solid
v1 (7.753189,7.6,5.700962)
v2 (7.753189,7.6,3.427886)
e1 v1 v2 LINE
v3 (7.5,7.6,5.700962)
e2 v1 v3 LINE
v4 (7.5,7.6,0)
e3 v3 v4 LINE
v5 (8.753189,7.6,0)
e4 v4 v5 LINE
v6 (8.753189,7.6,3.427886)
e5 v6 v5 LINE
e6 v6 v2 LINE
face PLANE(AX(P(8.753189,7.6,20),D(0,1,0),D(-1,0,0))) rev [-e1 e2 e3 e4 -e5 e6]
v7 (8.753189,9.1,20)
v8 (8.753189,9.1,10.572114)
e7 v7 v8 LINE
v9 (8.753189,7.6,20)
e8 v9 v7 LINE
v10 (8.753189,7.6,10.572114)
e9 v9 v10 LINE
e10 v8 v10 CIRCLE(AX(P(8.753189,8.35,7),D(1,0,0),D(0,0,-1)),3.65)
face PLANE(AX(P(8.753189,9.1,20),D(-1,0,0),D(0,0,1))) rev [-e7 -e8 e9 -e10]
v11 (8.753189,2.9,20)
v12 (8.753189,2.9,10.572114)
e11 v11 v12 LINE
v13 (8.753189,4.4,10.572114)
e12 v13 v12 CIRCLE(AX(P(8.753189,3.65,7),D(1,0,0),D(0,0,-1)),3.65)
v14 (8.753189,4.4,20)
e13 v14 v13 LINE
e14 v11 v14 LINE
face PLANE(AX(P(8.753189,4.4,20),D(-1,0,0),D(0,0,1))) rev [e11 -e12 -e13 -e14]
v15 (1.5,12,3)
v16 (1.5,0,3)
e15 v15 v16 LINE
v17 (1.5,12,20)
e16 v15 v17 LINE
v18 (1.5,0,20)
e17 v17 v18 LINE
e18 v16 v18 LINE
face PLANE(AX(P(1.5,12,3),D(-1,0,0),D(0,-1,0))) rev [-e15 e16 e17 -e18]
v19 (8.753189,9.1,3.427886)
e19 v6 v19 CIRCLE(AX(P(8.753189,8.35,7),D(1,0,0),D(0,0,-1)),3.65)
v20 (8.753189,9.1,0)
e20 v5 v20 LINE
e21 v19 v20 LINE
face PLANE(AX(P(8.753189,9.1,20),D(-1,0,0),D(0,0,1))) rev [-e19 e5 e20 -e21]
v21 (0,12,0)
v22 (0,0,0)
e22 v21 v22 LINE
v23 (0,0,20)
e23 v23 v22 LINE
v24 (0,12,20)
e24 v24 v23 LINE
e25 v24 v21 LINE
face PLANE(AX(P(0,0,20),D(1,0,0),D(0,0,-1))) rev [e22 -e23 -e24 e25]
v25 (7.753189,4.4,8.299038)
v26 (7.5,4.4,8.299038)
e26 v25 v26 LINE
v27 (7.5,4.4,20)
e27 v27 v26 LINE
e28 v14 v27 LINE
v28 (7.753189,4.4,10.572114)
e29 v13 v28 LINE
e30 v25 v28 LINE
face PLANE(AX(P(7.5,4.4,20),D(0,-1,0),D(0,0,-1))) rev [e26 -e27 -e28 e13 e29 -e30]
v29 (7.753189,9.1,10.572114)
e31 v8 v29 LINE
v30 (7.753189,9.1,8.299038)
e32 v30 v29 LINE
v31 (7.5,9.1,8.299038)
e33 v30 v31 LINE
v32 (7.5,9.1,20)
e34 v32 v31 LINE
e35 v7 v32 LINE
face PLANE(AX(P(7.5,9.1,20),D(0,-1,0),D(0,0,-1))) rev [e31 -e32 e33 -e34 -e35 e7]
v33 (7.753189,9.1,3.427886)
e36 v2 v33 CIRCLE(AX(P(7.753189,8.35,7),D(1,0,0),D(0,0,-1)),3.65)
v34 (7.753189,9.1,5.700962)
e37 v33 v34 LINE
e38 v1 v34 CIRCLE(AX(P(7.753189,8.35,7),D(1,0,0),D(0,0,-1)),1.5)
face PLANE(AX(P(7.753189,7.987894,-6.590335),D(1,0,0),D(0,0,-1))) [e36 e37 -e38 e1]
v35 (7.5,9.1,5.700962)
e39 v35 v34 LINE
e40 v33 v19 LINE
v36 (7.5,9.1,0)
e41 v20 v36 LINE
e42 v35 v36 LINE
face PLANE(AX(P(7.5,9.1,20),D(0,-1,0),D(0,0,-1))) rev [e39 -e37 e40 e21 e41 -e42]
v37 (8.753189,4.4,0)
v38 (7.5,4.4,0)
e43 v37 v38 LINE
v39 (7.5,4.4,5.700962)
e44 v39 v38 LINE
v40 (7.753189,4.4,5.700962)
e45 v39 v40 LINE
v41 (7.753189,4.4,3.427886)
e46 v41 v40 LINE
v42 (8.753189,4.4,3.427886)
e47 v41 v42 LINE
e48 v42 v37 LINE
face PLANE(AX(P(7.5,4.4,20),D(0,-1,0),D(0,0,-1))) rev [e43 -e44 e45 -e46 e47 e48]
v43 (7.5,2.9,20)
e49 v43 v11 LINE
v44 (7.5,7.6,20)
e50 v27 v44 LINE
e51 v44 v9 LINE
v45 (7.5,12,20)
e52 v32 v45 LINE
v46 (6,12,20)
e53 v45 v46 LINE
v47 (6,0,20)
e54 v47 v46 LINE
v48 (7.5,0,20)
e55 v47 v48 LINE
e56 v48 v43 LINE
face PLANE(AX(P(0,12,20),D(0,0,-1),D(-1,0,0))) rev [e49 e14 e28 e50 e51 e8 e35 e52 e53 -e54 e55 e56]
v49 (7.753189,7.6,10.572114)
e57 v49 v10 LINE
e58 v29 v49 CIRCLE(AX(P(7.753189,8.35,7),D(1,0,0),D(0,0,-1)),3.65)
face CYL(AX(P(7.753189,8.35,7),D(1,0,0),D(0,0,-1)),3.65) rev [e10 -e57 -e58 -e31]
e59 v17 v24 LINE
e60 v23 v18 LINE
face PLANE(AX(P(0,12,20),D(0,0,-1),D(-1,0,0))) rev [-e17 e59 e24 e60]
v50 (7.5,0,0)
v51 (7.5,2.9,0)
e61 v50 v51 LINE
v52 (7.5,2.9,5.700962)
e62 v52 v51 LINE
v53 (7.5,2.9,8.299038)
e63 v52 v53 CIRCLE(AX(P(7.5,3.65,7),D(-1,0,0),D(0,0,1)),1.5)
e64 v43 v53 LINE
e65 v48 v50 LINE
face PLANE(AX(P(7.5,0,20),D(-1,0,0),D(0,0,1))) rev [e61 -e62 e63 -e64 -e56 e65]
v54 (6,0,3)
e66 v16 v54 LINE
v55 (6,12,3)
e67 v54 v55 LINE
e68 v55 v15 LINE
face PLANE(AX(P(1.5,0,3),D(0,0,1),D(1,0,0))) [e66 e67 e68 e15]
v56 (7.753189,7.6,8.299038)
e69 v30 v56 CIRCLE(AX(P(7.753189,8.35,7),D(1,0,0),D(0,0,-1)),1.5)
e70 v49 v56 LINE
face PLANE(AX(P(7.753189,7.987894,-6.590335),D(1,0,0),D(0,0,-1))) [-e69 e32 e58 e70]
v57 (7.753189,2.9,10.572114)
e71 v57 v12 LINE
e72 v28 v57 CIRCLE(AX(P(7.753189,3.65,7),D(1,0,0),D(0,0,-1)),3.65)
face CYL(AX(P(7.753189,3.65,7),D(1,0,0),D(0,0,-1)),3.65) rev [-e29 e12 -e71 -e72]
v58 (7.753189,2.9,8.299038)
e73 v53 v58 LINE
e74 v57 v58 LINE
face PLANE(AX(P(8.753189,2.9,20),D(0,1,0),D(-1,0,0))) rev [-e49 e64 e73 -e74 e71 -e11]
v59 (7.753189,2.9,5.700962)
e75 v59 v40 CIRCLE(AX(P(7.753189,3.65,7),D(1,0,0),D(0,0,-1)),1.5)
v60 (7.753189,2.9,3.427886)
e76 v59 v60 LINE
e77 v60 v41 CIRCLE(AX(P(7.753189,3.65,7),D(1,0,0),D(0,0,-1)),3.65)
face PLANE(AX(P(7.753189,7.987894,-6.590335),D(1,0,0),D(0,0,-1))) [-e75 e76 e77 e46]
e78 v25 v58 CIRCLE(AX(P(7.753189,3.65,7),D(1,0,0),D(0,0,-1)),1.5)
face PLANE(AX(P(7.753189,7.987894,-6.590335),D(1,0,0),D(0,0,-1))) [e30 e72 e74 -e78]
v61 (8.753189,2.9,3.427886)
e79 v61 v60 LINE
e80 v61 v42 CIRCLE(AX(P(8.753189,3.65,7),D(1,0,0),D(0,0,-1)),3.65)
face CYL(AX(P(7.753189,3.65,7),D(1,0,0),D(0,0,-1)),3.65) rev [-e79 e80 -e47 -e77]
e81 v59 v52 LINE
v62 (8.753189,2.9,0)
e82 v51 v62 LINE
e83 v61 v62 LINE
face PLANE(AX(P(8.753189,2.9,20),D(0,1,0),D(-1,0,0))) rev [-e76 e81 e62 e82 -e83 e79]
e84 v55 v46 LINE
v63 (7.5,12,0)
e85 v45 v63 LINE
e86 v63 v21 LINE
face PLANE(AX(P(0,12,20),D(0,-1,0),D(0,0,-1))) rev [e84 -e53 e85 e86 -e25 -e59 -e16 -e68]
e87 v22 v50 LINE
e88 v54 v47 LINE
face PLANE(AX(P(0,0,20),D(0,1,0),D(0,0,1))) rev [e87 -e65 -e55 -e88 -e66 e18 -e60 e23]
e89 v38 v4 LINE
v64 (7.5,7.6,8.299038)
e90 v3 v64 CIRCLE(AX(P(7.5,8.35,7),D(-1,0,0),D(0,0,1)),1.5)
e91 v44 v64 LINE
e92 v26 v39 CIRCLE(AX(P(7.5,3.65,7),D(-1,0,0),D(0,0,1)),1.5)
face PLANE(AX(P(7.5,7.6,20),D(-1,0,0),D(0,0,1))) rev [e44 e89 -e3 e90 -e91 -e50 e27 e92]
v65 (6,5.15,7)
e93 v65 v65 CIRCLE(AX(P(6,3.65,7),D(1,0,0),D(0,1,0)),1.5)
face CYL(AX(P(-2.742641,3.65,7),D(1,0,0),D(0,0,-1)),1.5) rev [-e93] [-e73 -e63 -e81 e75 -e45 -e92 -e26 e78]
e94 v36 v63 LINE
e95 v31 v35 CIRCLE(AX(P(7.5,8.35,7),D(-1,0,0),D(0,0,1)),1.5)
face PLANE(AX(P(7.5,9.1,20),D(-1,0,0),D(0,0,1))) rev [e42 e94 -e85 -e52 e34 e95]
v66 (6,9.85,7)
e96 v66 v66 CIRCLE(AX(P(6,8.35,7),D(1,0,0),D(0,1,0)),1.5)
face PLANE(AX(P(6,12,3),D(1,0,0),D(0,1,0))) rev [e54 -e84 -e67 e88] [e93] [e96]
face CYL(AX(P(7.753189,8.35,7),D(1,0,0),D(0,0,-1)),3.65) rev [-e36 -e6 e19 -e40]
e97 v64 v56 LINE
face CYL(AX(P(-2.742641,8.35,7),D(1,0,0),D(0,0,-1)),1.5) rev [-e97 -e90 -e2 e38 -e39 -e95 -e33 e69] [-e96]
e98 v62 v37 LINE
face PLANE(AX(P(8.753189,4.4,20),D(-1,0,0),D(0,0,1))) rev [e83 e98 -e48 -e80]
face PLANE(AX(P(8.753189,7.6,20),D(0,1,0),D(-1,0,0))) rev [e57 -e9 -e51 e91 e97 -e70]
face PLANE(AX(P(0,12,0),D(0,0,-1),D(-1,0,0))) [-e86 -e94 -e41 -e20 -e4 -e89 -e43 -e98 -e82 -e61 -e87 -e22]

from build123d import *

# Parameters (mm, degrees)
BOSS_EXTRUDE1_DEPTH = 20
SKETCH2_W           = 4.5
SKETCH2_H           = 12
CUT_EXTRUDE1_DEPTH  = 17
SKETCH3_R           = 1.5
CUT_EXTRUDE2_DEPTH  = 1
SKETCH3_3_R         = 1.5
CUT_EXTRUDE3_DEPTH  = 7.253189388


with BuildPart() as part:
    # Sketch1 → Boss-Extrude1 (new body)
    with BuildSketch(Plane.XY):
        Polygon((7.5, 9.1), (8.753189388, 9.1), (8.753189388, 7.6), (7.5, 7.6), (7.5, 4.4), (8.753189388, 4.4), (8.753189388, 2.9), (7.5, 2.9), (7.5, 0), (0, 0), (0, 12), (7.5, 12), align=None)
    extrude(amount=BOSS_EXTRUDE1_DEPTH)

    # Sketch2 → Cut-Extrude1 (cut)
    with BuildSketch(Plane.XY.offset(20)):
        with Locations((3.75, 6)):
            Rectangle(SKETCH2_W, SKETCH2_H)
    extrude(amount=-CUT_EXTRUDE1_DEPTH, mode=Mode.SUBTRACT)

    # Sketch3 → Cut-Extrude2 (cut)
    # profile 1 of 6: a face of its own
    with BuildSketch(Plane(origin=(8.753189388, 0, 0), x_dir=(0, 0, -1), z_dir=(1, 0, 0))):
        with BuildLine():
            Line((-5.700961894, 7.6), (-3.42788578, 7.6))
            ThreePointArc((-3.42788578, 7.6), (-3.35, 8.35), (-3.42788578, 9.1))
            Line((-3.42788578, 9.1), (-5.700961894, 9.1))
            ThreePointArc((-5.700961894, 9.1), (-5.551111261, 8.738228568), (-5.5, 8.35))
            ThreePointArc((-5.5, 8.35), (-5.551111261, 7.961771432), (-5.700961894, 7.6))
        make_face()
    # profile 2 of 6: a face of its own
    with BuildSketch(Plane(origin=(8.753189388, 0, 0), x_dir=(0, 0, -1), z_dir=(1, 0, 0))):
        with BuildLine():
            ThreePointArc((-10.57211422, 9.1), (-10.65, 8.35), (-10.57211422, 7.6))
            Line((-10.57211422, 7.6), (-8.299038106, 7.6))
            ThreePointArc((-8.299038106, 7.6), (-8.5, 8.35), (-8.299038106, 9.1))
            Line((-8.299038106, 9.1), (-10.57211422, 9.1))
        make_face()
    # profile 3 of 6: a face of its own
    with BuildSketch(Plane(origin=(8.753189388, 0, 0), x_dir=(0, 0, -1), z_dir=(1, 0, 0))):
        with BuildLine():
            ThreePointArc((-9.792848009, 6), (-7, 0), (-4.207151991, 6))
            ThreePointArc((-4.207151991, 6), (-3.718508564, 6.751777876), (-3.42788578, 7.6))
            Line((-3.42788578, 7.6), (-5.700961894, 7.6))
            ThreePointArc((-5.700961894, 7.6), (-7, 6.85), (-8.299038106, 7.6))
            Line((-8.299038106, 7.6), (-10.57211422, 7.6))
            ThreePointArc((-10.57211422, 7.6), (-10.281491436, 6.751777876), (-9.792848009, 6))
        make_face()
        with Locations((-7, 3.65)):
            Circle(SKETCH3_R, mode=Mode.SUBTRACT)
    # profile 4 of 6: a face of its own
    with BuildSketch(Plane(origin=(8.753189388, 0, 0), x_dir=(0, 0, -1), z_dir=(1, 0, 0))):
        with BuildLine():
            Line((-5.700961894, 9.1), (-3.42788578, 9.1))
            ThreePointArc((-3.42788578, 9.1), (-7, 12), (-10.57211422, 9.1))
            Line((-10.57211422, 9.1), (-8.299038106, 9.1))
            ThreePointArc((-8.299038106, 9.1), (-7, 9.85), (-5.700961894, 9.1))
        make_face()
    # profile 5 of 6: a face of its own
    with BuildSketch(Plane(origin=(8.753189388, 0, 0), x_dir=(0, 0, -1), z_dir=(1, 0, 0))):
        with BuildLine():
            Line((-5.700961894, 7.6), (-3.42788578, 7.6))
            ThreePointArc((-3.42788578, 7.6), (-3.35, 8.35), (-3.42788578, 9.1))
            Line((-3.42788578, 9.1), (-5.700961894, 9.1))
            ThreePointArc((-5.700961894, 9.1), (-5.551111261, 8.738228568), (-5.5, 8.35))
            ThreePointArc((-5.5, 8.35), (-5.551111261, 7.961771432), (-5.700961894, 7.6))
        make_face()
    # profile 6 of 6: a face of its own
    with BuildSketch(Plane(origin=(8.753189388, 0, 0), x_dir=(0, 0, -1), z_dir=(1, 0, 0))):
        with BuildLine():
            ThreePointArc((-10.57211422, 9.1), (-10.65, 8.35), (-10.57211422, 7.6))
            Line((-10.57211422, 7.6), (-8.299038106, 7.6))
            ThreePointArc((-8.299038106, 7.6), (-8.5, 8.35), (-8.299038106, 9.1))
            Line((-8.299038106, 9.1), (-10.57211422, 9.1))
        make_face()
    extrude(amount=-CUT_EXTRUDE2_DEPTH, mode=Mode.SUBTRACT)

    # Sketch3<3> → Cut-Extrude3 (cut)
    with BuildSketch(Plane(origin=(8.753189388, 0, 0), x_dir=(0, 0, -1), z_dir=(1, 0, 0))):
        with BuildLine():
            Line((-8.299038106, 7.6), (-5.700961894, 7.6))
            ThreePointArc((-5.700961894, 7.6), (-5.551111261, 7.961771432), (-5.5, 8.35))
            ThreePointArc((-5.5, 8.35), (-5.551111261, 8.738228568), (-5.700961894, 9.1))
            Line((-5.700961894, 9.1), (-8.299038106, 9.1))
            ThreePointArc((-8.299038106, 9.1), (-8.5, 8.35), (-8.299038106, 7.6))
        make_face()
        with BuildLine():
            ThreePointArc((-8.299038106, 7.6), (-7, 6.85), (-5.700961894, 7.6))
            Line((-5.700961894, 7.6), (-8.299038106, 7.6))
        make_face()
        with BuildLine():
            Line((-8.299038106, 9.1), (-5.700961894, 9.1))
            ThreePointArc((-5.700961894, 9.1), (-7, 9.85), (-8.299038106, 9.1))
        make_face()
        with Locations(Location((-7, 3.65, 0), (0, 0, 30))):
            Circle(SKETCH3_3_R)
    extrude(amount=-CUT_EXTRUDE3_DEPTH, mode=Mode.SUBTRACT)


solid = part.part
